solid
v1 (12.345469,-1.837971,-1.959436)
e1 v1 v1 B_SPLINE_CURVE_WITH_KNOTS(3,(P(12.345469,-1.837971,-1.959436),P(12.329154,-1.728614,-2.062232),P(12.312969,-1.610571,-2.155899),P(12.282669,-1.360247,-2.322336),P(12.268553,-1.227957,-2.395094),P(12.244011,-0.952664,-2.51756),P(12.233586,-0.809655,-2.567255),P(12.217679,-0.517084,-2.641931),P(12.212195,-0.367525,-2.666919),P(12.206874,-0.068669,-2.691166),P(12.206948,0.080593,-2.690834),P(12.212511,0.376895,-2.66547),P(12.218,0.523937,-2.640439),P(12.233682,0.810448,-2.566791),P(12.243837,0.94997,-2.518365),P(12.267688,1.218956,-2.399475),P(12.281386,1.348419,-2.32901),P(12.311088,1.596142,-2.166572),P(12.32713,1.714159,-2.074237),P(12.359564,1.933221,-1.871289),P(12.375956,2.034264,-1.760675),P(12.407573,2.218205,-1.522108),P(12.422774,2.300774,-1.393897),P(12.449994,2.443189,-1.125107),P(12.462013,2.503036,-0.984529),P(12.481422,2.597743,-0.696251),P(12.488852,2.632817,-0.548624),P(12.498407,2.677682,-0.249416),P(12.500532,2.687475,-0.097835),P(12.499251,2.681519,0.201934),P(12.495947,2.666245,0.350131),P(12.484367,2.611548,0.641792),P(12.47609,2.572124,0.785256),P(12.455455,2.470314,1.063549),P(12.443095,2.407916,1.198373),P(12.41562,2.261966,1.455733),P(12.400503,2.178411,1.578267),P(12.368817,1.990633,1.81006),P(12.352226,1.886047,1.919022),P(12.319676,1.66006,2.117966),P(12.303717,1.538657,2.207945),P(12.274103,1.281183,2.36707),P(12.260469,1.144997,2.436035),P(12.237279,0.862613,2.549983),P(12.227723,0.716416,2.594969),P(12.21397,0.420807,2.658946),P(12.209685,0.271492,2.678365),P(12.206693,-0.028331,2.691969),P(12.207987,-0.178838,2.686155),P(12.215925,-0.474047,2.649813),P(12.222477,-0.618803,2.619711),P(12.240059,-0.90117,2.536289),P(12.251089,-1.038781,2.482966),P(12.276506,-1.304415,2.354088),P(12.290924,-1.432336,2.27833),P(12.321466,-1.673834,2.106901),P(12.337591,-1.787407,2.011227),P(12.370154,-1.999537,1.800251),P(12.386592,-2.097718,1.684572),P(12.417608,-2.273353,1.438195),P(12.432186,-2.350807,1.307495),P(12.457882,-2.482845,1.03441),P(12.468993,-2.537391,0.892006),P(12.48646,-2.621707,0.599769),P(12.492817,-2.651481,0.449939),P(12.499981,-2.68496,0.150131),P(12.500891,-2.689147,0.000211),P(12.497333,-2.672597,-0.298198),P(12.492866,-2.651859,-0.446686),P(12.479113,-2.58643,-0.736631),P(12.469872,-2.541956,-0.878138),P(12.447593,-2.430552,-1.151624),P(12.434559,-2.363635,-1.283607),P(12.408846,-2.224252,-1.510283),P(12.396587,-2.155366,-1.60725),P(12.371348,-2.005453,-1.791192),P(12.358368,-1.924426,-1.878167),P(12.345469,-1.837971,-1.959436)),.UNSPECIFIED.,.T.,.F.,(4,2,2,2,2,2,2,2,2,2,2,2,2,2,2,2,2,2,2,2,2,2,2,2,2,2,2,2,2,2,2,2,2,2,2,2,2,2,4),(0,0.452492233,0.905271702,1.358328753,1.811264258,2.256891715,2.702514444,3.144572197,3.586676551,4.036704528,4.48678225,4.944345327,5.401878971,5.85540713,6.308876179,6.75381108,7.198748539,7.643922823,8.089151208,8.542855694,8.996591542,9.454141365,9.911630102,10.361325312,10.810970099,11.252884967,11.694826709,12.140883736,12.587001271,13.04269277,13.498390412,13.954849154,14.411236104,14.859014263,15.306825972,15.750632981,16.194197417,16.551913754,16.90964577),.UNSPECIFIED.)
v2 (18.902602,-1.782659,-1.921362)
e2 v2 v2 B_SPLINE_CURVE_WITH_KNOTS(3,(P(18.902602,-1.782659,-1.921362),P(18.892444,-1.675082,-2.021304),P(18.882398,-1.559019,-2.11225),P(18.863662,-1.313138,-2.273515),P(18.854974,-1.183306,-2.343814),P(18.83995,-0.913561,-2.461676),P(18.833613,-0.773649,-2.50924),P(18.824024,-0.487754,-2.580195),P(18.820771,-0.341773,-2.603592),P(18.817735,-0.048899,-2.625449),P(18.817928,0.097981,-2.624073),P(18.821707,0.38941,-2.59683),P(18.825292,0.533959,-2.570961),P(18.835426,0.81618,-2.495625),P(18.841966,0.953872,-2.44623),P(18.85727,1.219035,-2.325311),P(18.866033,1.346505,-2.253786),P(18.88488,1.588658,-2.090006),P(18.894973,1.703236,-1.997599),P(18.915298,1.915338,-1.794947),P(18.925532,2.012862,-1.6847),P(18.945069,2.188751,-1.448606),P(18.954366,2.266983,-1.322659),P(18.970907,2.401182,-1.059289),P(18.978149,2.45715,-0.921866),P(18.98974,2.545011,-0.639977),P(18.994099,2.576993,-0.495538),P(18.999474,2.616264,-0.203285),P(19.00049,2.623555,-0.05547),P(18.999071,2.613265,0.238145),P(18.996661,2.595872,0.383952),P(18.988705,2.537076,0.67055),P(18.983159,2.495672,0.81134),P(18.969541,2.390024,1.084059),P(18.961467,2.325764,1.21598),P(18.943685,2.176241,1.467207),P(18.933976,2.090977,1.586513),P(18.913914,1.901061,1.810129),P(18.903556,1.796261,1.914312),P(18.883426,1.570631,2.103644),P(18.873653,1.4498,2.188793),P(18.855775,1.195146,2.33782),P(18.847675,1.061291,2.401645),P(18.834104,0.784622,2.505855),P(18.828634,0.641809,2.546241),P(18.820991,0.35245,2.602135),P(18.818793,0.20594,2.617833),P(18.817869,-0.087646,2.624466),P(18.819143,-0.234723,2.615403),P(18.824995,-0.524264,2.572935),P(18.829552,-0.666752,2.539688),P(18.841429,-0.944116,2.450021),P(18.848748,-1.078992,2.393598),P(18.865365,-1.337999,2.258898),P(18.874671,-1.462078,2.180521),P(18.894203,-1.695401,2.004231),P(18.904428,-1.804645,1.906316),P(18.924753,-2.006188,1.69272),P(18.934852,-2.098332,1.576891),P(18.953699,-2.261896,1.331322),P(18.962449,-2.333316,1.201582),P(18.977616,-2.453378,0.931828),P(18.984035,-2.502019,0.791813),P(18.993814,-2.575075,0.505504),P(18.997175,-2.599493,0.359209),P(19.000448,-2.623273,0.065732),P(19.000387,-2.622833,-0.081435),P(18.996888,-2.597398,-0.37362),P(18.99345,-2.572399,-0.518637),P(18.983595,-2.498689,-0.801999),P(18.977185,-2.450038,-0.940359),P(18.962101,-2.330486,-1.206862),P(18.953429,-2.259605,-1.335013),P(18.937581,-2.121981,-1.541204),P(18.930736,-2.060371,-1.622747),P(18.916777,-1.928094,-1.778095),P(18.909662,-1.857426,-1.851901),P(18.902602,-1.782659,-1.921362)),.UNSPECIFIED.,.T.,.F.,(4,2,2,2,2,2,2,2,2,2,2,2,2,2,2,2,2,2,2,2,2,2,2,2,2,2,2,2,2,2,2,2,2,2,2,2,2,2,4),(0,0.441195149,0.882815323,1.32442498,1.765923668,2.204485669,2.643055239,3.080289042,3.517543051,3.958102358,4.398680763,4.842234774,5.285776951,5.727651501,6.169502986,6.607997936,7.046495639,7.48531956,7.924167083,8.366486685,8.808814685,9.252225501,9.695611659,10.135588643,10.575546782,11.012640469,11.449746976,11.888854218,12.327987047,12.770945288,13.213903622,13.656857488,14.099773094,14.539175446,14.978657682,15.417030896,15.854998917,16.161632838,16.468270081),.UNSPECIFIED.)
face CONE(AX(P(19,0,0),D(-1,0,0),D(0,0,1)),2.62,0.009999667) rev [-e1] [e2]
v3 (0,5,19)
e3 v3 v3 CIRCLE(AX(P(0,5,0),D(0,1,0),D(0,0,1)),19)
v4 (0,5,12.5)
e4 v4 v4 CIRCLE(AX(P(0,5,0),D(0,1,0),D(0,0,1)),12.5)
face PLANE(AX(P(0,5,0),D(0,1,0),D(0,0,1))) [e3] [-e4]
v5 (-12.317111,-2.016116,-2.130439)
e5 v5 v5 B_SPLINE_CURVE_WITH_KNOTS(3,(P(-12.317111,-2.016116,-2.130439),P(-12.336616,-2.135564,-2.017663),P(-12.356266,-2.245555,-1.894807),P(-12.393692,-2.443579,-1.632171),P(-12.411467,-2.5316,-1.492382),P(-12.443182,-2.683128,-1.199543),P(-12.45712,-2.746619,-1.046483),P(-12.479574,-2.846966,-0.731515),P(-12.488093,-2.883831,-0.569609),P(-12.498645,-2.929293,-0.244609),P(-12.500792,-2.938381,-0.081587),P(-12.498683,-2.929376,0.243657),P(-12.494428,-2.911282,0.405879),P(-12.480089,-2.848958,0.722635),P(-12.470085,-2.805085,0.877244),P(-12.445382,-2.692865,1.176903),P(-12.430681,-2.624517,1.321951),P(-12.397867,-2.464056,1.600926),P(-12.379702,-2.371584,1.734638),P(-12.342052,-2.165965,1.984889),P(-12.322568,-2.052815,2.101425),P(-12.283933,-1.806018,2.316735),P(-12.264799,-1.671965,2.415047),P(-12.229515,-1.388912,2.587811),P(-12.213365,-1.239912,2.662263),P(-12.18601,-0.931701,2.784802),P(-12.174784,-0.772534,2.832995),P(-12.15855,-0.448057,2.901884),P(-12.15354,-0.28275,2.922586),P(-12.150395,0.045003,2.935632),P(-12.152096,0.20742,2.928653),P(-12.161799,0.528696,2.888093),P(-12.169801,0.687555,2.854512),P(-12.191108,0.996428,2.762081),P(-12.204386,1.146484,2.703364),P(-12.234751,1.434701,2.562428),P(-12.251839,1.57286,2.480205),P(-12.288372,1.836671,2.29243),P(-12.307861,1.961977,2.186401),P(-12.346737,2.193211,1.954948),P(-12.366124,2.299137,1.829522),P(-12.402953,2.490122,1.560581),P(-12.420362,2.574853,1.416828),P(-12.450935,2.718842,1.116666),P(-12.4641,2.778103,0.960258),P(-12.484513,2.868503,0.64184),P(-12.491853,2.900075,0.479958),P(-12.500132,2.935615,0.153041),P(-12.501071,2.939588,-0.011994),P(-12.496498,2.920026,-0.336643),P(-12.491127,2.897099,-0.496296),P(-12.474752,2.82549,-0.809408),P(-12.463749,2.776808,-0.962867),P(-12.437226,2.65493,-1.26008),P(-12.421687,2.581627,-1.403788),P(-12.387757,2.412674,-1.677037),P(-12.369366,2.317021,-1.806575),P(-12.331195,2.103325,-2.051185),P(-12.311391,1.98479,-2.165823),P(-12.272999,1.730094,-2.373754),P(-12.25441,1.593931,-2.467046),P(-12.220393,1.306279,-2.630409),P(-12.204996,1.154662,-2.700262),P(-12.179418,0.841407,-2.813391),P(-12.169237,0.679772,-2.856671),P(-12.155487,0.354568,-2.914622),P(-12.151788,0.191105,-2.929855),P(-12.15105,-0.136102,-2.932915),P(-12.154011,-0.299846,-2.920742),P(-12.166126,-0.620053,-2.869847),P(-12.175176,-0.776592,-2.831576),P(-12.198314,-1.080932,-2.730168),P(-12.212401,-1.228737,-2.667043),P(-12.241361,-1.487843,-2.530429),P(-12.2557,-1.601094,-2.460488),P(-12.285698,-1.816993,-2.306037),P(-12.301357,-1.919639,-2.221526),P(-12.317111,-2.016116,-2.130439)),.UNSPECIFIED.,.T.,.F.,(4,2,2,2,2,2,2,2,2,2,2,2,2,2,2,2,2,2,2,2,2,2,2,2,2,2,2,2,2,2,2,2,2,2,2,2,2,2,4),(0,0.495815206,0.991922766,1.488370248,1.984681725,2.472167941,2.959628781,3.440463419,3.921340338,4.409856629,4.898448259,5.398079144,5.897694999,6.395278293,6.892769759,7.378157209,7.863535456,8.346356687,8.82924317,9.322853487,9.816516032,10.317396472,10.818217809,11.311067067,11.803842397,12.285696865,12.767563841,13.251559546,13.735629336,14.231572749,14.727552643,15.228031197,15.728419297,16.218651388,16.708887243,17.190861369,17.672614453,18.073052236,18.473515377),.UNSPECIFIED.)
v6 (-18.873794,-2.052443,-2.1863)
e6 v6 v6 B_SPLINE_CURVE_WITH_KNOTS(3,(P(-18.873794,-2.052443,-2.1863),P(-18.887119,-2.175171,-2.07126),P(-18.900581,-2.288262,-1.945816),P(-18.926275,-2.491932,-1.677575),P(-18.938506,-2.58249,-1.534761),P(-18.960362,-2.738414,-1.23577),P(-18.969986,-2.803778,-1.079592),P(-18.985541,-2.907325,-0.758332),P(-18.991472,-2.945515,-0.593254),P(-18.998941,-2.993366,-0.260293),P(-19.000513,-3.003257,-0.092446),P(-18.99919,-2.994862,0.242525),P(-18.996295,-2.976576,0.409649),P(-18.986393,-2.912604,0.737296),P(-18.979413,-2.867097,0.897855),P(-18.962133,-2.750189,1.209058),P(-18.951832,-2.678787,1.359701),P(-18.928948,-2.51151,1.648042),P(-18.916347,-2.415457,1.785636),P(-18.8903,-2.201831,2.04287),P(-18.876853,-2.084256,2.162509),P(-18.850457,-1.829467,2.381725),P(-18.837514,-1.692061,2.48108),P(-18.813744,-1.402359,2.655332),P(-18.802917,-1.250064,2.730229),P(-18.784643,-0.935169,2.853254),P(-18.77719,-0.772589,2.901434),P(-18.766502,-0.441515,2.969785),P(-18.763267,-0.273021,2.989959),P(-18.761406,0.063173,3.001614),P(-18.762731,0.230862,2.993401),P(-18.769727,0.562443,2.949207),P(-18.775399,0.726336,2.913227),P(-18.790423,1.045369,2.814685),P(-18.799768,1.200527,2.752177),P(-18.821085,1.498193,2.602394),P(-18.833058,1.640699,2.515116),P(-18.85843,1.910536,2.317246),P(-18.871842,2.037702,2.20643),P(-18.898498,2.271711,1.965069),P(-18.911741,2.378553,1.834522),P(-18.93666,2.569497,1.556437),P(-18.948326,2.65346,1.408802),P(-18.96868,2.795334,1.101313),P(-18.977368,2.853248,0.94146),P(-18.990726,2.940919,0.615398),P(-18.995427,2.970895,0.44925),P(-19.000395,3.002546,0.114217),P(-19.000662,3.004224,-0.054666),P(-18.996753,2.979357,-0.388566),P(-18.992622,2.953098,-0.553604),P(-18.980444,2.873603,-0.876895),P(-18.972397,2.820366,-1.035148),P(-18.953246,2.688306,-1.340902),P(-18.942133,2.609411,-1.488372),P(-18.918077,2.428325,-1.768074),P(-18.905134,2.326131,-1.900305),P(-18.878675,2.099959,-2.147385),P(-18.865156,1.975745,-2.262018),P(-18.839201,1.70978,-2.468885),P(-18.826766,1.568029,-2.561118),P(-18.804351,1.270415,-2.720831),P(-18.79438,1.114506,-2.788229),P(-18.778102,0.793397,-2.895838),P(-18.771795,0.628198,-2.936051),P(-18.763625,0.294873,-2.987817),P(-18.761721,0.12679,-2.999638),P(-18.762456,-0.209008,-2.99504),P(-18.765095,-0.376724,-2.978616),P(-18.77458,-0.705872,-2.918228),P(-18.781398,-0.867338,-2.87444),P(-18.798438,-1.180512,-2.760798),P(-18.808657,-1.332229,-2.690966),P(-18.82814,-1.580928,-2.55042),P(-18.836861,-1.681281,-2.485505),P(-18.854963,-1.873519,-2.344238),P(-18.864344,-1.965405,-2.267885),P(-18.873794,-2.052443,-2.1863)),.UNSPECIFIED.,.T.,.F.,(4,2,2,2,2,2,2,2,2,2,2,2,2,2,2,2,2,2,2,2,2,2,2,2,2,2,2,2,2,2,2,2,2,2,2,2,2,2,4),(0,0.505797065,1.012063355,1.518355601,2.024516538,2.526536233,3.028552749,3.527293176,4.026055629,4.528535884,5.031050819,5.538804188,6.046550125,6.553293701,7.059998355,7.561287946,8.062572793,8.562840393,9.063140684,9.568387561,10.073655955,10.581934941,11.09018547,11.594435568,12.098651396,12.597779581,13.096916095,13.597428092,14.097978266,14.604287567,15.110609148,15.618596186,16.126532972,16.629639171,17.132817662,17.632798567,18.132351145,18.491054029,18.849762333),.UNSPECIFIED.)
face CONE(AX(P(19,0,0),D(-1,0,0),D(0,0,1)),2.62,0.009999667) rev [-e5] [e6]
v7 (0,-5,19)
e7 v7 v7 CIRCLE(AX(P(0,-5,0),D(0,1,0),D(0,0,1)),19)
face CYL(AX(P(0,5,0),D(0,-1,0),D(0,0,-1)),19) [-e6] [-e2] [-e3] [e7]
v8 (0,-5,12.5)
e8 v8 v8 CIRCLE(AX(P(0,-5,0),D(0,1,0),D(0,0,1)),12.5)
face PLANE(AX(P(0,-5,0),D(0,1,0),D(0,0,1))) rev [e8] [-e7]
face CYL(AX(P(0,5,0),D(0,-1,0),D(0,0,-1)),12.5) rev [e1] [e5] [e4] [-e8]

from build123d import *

# Parameters (mm, degrees)
SKETCH1_R           = 19
SKETCH1_R_2         = 12.5
BOSS_EXTRUDE1_DEPTH = 5


with BuildPart() as part:
    # Sketch1 → Boss-Extrude1 (new, symmetric)
    with BuildSketch(Plane(origin=(0, 0, 0), x_dir=(1, 0, 0), z_dir=(0, 1, 0))):
        with Locations(Location((0, 0, 0), (0, 0, 270))):
            Circle(SKETCH1_R)
        with Locations(Location((0, 0, 0), (0, 0, 270))):
            Circle(SKETCH1_R_2, mode=Mode.SUBTRACT)
    extrude(amount=BOSS_EXTRUDE1_DEPTH, both=True)

    # Sketch2 → Cut-Revolve1 (revolve, cut)
    with BuildSketch(Plane.XY, mode=Mode.PRIVATE) as cut_revolve1_sk:
        Polygon((-19, 0), (-19, 3), (19, 2.62), (19, 0), align=None)
    revolve(cut_revolve1_sk.sketch.rotate(Axis((0, 0, 0), (1, 0, 0)), 226.832059939), axis=Axis((0, 0, 0), (1, 0, 0)), mode=Mode.SUBTRACT)


solid = part.part
